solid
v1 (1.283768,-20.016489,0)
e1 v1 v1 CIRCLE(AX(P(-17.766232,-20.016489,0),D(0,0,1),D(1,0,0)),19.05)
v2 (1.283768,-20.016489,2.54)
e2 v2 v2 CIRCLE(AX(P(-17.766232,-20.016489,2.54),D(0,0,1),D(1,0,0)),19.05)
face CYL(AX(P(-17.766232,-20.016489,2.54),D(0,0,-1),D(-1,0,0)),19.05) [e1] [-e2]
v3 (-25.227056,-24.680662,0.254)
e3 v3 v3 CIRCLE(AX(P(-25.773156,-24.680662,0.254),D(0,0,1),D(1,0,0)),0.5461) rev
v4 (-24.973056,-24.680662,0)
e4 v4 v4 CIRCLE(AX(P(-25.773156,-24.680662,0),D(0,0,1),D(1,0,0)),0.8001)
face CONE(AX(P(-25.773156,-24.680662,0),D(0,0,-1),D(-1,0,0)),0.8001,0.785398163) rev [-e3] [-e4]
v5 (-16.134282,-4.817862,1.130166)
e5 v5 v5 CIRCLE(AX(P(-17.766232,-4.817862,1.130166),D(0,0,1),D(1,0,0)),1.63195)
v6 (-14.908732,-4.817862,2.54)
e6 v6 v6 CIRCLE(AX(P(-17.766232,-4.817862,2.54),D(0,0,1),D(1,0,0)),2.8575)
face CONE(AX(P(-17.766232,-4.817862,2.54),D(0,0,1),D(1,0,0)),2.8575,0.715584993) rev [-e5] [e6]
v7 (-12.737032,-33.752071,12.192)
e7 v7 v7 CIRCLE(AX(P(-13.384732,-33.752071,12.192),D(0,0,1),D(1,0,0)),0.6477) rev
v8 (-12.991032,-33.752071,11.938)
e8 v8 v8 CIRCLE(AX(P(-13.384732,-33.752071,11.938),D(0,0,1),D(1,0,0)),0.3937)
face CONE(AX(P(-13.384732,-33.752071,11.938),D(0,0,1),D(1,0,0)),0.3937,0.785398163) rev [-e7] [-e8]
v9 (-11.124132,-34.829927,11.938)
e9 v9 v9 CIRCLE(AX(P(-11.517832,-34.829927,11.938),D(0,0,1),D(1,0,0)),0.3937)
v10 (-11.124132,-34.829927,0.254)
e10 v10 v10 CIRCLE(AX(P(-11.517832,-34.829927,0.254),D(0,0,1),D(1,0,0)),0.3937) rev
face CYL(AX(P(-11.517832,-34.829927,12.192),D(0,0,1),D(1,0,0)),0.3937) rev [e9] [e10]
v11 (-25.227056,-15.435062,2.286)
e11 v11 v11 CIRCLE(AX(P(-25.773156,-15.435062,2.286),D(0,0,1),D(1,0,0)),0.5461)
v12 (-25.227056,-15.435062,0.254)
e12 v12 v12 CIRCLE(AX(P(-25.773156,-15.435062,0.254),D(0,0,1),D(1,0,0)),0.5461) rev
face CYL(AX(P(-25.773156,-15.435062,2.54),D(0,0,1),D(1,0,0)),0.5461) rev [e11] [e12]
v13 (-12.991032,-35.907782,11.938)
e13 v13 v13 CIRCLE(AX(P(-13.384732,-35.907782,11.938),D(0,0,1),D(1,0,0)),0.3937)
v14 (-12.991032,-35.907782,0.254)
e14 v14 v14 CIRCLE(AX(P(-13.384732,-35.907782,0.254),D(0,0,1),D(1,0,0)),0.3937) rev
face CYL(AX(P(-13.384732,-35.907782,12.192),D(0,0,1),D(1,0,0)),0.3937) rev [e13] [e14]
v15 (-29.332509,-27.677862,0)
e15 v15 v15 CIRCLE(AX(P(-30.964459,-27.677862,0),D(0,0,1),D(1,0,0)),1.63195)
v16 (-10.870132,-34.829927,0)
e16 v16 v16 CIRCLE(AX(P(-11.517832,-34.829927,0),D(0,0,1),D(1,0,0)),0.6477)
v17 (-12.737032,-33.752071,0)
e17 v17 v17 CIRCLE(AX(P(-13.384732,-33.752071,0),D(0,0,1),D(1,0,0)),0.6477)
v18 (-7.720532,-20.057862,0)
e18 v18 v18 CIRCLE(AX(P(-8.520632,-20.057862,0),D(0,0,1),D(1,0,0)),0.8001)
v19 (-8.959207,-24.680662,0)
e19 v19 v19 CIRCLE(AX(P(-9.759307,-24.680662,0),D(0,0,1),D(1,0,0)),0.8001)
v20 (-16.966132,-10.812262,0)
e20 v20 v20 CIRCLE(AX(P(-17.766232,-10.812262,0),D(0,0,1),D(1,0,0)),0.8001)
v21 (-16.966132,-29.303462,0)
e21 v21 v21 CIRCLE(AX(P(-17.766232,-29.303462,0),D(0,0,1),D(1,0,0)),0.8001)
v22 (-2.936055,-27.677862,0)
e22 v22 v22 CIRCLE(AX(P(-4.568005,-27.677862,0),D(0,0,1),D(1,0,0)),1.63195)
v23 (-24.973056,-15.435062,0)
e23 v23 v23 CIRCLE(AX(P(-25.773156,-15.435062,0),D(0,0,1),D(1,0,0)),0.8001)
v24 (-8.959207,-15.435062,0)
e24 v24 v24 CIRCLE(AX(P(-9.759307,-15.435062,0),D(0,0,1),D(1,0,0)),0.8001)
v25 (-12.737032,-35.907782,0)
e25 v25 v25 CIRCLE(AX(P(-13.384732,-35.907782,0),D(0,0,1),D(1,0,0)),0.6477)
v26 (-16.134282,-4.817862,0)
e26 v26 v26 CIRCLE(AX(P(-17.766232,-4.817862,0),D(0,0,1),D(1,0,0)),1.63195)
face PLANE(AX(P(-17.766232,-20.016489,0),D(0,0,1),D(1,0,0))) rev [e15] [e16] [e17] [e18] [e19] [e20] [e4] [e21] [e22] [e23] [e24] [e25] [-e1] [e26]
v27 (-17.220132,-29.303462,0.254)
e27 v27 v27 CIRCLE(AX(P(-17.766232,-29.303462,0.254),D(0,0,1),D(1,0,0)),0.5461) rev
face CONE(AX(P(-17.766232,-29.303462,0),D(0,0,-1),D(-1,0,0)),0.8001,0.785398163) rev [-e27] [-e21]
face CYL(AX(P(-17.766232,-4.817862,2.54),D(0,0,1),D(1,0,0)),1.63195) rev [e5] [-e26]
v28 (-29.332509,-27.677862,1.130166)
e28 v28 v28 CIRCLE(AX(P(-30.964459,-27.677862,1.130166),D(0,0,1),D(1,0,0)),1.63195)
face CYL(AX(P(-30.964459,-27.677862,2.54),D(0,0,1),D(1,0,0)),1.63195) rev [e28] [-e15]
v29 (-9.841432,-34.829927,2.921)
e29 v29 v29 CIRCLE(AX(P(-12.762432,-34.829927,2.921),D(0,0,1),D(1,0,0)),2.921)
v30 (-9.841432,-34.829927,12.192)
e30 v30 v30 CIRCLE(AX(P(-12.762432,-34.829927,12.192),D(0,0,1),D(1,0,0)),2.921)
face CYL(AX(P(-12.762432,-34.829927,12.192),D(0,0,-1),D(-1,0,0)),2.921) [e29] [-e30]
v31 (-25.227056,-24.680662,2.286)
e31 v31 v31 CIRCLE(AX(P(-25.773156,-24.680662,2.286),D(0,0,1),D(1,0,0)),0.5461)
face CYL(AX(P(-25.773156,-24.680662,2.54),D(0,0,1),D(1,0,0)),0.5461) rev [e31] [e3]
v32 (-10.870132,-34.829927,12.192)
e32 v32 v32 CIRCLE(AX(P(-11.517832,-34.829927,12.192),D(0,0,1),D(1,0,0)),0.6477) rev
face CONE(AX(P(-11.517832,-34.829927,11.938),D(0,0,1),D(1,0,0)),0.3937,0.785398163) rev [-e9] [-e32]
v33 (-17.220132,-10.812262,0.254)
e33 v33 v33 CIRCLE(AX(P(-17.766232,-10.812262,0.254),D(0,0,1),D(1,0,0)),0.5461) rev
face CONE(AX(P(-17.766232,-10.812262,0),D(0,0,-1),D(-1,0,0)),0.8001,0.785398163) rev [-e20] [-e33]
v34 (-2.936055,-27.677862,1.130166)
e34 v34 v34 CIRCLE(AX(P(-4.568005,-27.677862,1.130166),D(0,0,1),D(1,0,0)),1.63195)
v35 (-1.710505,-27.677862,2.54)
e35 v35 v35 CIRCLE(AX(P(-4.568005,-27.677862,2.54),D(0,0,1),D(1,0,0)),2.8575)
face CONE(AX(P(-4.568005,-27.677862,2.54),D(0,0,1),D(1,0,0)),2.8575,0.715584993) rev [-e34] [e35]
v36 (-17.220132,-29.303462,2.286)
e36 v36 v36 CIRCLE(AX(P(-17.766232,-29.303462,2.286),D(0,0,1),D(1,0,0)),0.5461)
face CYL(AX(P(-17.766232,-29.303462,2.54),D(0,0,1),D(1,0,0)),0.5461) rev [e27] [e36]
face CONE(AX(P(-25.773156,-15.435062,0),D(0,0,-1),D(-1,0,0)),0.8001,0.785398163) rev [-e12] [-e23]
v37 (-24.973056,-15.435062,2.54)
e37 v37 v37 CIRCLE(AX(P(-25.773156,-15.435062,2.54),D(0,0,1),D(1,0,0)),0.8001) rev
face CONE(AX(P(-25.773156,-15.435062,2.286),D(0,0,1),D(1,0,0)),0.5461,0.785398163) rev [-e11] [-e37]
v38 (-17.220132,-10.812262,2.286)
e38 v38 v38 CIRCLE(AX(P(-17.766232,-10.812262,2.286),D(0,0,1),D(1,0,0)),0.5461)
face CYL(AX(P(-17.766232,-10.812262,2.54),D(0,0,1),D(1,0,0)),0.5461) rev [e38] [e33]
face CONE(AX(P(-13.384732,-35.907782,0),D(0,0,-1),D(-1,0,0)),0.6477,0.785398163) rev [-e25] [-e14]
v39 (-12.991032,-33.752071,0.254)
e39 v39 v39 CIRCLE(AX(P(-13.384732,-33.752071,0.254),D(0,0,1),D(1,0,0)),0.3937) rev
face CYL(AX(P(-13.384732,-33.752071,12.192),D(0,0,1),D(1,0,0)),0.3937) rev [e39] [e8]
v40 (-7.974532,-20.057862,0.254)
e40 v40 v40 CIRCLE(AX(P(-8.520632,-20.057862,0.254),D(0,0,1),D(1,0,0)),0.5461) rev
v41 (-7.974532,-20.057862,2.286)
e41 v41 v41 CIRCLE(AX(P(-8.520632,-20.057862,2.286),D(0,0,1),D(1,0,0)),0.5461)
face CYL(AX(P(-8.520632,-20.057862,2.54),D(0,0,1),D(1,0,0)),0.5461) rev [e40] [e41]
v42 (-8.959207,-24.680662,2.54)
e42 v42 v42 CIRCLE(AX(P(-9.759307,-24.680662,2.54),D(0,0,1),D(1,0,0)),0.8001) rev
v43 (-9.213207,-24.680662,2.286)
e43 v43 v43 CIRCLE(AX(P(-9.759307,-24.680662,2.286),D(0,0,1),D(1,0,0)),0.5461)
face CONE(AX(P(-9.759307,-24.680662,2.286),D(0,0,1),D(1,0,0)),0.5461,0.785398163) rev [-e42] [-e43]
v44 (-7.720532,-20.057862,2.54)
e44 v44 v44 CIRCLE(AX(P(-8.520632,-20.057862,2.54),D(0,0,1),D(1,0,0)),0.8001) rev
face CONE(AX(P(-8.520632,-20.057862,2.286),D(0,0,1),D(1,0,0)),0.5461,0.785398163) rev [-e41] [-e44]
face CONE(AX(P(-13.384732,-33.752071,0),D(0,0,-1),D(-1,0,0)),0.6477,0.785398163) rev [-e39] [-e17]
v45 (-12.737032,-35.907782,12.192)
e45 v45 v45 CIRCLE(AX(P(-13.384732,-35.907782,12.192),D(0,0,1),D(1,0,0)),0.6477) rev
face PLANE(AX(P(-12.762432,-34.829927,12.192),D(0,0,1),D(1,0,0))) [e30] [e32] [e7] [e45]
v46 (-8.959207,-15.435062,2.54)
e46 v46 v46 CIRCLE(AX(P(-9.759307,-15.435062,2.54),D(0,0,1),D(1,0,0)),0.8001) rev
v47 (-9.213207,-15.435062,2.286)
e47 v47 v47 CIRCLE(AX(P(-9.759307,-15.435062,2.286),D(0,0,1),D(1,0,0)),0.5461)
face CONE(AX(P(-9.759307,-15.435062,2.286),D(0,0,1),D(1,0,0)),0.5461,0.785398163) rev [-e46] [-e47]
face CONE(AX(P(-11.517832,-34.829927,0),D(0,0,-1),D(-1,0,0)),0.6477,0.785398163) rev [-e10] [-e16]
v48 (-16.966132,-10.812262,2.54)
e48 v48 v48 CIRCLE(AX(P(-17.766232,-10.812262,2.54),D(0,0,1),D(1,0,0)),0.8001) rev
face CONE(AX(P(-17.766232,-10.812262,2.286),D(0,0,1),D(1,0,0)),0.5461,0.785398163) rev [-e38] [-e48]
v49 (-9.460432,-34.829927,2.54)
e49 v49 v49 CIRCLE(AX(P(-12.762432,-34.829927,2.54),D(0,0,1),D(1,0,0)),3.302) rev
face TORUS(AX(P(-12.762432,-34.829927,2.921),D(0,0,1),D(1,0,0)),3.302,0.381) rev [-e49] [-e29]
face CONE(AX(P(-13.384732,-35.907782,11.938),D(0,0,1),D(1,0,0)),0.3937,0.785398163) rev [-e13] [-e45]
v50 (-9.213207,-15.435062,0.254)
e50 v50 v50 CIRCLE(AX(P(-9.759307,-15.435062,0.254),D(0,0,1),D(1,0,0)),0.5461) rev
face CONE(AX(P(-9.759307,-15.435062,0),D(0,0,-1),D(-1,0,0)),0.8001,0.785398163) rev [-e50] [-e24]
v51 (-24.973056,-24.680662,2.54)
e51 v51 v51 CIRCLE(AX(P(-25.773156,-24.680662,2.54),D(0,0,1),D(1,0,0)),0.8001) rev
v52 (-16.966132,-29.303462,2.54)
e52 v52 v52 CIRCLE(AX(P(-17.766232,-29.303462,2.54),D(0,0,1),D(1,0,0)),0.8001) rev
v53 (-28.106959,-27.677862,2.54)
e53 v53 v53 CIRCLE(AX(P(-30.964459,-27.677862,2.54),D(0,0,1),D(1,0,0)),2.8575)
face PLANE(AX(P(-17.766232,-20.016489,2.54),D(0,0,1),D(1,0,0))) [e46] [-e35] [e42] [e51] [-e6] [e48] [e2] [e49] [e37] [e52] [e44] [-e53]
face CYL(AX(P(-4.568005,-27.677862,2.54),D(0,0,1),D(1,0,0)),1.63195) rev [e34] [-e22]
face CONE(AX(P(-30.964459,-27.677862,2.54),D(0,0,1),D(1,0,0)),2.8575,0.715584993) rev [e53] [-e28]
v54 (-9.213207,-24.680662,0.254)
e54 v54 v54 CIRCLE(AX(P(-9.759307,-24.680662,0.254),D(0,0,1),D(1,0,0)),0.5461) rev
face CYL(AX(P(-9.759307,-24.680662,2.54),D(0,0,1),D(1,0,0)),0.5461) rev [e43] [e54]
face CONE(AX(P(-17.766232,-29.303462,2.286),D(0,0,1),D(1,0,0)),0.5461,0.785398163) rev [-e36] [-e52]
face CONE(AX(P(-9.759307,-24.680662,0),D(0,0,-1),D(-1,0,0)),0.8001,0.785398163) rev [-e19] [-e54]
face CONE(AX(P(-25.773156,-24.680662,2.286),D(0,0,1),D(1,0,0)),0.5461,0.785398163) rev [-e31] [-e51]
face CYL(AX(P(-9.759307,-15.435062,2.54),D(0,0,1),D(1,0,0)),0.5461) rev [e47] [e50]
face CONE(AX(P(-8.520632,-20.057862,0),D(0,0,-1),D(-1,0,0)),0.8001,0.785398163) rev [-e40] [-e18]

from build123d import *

# Parameters (mm, degrees)
SKETCH1_R                                     = 19.05
BOSS_EXTRUDE1_DEPTH                           = 2.54
CSK_FOR_4_FLAT_HEAD_MACHINE_SCREW1_AT_2_COUNT = 2
CSK_FOR_4_FLAT_HEAD_MACHINE_SCREW1_AT_2_PITCH = 26.396454307
CSK_FOR_4_FLAT_HEAD_MACHINE_SCREW1_AT_3_COUNT = 2
CSK_FOR_4_FLAT_HEAD_MACHINE_SCREW1_AT_3_PITCH = 26.396454307
F_57_0_043_DIAMETER_HOLE1_D                   = 1.0922
SKETCH9_R                                     = 2.921
BOSS_EXTRUDE2_DEPTH                           = 9.652
CHAMFER1_SIZE                                 = 0.254
F_68_0_031_DIAMETER_HOLE2_D                   = 0.7874
CHAMFER2_SIZE                                 = 0.254
CHAMFER3_SIZE                                 = 0.254
FILLET1_R                                     = 0.381


with BuildPart() as part:
    # Sketch1 → Boss-Extrude1 (new body)
    with BuildSketch(Plane.XY):
        with Locations((-17.766231698, -20.016488826)):
            Circle(SKETCH1_R)
    extrude(amount=BOSS_EXTRUDE1_DEPTH)

    # Sketch2 → CSK for #4 Flat Head Machine Screw1 (revolve, cut)
    with BuildSketch(Plane(origin=(-30.964458851, -27.67786205, 2.54), x_dir=(0, -1, 0), z_dir=(1, 0, 0))):
        Polygon((0, 0), (0, 2.54), (1.63195, 2.54), (1.63195, 1.409834001), (2.8575, 0), align=None)
    csk_for_4_flat_head_machine_screw1 = revolve(axis=Axis((-30.964458851, -27.67786205, 8.89), (0, 0, -1)), mode=Mode.SUBTRACT)

    # CSK for #4 Flat Head Machine Screw1 at 2: CSK for #4 Flat Head Machine Screw1 ×2
    with Locations(*[Vector(0.5, 0.866025404, 0) * (i * CSK_FOR_4_FLAT_HEAD_MACHINE_SCREW1_AT_2_PITCH) for i in range(1, CSK_FOR_4_FLAT_HEAD_MACHINE_SCREW1_AT_2_COUNT)]):
        add(csk_for_4_flat_head_machine_screw1, mode=Mode.SUBTRACT)

    # CSK for #4 Flat Head Machine Screw1 at 3: CSK for #4 Flat Head Machine Screw1 ×2
    with Locations(*[(i * CSK_FOR_4_FLAT_HEAD_MACHINE_SCREW1_AT_3_PITCH, 0, 0) for i in range(1, CSK_FOR_4_FLAT_HEAD_MACHINE_SCREW1_AT_3_COUNT)]):
        add(csk_for_4_flat_head_machine_screw1, mode=Mode.SUBTRACT)

    # #57 (0.043) Diameter Hole1 (through all)
    with Locations(Plane.XY.offset(2.54)):
        with Locations((-17.766231698, -10.81226205), (-25.773156171, -15.43506205), (-9.759307225, -15.43506205), (-8.520631698, -20.05786205), (-9.759307225, -24.68066205), (-17.766231698, -29.30346205), (-25.773156171, -24.68066205)):
            Hole(F_57_0_043_DIAMETER_HOLE1_D / 2)

    # Sketch9 → Boss-Extrude2 (add)
    with BuildSketch(Plane.XY.offset(2.54)):
        with Locations((-12.762431698, -34.829926536)):
            Circle(SKETCH9_R)
    extrude(amount=BOSS_EXTRUDE2_DEPTH)

    # Chamfer1
    chamfer1_edges = [part.edges().sort_by_distance(p)[0] for p in [
        (-25.227056171, -24.68066205, 2.54),
        (-17.220131698, -29.30346205, 2.54),
        (-9.213207225, -24.68066205, 2.54),
        (-7.974531698, -20.05786205, 2.54),
        (-9.213207225, -15.43506205, 2.54),
        (-25.227056171, -15.43506205, 2.54),
        (-17.220131698, -10.81226205, 2.54),
    ]]
    chamfer(chamfer1_edges, length=CHAMFER1_SIZE)

    # #68 (0.031) Diameter Hole2 (through all)
    with Locations(Plane.XY.offset(12.192)):
        with Locations((-13.384731698, -33.752071319), (-13.384731698, -35.907781754), (-11.517831698, -34.829926536)):
            Hole(F_68_0_031_DIAMETER_HOLE2_D / 2)

    # Chamfer2
    chamfer2_edges = [part.edges().sort_by_distance(p)[0] for p in [
        (-11.124131698, -34.829926536, 12.192),
        (-12.991031698, -35.907781754, 12.192),
        (-12.991031698, -33.752071319, 12.192),
    ]]
    chamfer(chamfer2_edges, length=CHAMFER2_SIZE)

    # Chamfer3
    chamfer3_edges = [part.edges().sort_by_distance(p)[0] for p in [
        (-25.227056171, -24.68066205, 0),
        (-17.220131698, -29.30346205, 0),
        (-9.213207225, -24.68066205, 0),
        (-7.974531698, -20.05786205, 0),
        (-9.213207225, -15.43506205, 0),
        (-25.227056171, -15.43506205, 0),
        (-17.220131698, -10.81226205, 0),
        (-11.124131698, -34.829926536, 0),
        (-12.991031698, -35.907781754, 0),
        (-12.991031698, -33.752071319, 0),
    ]]
    chamfer(chamfer3_edges, length=CHAMFER3_SIZE)

    # Fillet1
    fillet1_edges = [part.edges().sort_by_distance(p)[0] for p in [
        (-15.683431698, -34.829926536, 2.54),
    ]]
    fillet(fillet1_edges, radius=FILLET1_R)


solid = part.part
